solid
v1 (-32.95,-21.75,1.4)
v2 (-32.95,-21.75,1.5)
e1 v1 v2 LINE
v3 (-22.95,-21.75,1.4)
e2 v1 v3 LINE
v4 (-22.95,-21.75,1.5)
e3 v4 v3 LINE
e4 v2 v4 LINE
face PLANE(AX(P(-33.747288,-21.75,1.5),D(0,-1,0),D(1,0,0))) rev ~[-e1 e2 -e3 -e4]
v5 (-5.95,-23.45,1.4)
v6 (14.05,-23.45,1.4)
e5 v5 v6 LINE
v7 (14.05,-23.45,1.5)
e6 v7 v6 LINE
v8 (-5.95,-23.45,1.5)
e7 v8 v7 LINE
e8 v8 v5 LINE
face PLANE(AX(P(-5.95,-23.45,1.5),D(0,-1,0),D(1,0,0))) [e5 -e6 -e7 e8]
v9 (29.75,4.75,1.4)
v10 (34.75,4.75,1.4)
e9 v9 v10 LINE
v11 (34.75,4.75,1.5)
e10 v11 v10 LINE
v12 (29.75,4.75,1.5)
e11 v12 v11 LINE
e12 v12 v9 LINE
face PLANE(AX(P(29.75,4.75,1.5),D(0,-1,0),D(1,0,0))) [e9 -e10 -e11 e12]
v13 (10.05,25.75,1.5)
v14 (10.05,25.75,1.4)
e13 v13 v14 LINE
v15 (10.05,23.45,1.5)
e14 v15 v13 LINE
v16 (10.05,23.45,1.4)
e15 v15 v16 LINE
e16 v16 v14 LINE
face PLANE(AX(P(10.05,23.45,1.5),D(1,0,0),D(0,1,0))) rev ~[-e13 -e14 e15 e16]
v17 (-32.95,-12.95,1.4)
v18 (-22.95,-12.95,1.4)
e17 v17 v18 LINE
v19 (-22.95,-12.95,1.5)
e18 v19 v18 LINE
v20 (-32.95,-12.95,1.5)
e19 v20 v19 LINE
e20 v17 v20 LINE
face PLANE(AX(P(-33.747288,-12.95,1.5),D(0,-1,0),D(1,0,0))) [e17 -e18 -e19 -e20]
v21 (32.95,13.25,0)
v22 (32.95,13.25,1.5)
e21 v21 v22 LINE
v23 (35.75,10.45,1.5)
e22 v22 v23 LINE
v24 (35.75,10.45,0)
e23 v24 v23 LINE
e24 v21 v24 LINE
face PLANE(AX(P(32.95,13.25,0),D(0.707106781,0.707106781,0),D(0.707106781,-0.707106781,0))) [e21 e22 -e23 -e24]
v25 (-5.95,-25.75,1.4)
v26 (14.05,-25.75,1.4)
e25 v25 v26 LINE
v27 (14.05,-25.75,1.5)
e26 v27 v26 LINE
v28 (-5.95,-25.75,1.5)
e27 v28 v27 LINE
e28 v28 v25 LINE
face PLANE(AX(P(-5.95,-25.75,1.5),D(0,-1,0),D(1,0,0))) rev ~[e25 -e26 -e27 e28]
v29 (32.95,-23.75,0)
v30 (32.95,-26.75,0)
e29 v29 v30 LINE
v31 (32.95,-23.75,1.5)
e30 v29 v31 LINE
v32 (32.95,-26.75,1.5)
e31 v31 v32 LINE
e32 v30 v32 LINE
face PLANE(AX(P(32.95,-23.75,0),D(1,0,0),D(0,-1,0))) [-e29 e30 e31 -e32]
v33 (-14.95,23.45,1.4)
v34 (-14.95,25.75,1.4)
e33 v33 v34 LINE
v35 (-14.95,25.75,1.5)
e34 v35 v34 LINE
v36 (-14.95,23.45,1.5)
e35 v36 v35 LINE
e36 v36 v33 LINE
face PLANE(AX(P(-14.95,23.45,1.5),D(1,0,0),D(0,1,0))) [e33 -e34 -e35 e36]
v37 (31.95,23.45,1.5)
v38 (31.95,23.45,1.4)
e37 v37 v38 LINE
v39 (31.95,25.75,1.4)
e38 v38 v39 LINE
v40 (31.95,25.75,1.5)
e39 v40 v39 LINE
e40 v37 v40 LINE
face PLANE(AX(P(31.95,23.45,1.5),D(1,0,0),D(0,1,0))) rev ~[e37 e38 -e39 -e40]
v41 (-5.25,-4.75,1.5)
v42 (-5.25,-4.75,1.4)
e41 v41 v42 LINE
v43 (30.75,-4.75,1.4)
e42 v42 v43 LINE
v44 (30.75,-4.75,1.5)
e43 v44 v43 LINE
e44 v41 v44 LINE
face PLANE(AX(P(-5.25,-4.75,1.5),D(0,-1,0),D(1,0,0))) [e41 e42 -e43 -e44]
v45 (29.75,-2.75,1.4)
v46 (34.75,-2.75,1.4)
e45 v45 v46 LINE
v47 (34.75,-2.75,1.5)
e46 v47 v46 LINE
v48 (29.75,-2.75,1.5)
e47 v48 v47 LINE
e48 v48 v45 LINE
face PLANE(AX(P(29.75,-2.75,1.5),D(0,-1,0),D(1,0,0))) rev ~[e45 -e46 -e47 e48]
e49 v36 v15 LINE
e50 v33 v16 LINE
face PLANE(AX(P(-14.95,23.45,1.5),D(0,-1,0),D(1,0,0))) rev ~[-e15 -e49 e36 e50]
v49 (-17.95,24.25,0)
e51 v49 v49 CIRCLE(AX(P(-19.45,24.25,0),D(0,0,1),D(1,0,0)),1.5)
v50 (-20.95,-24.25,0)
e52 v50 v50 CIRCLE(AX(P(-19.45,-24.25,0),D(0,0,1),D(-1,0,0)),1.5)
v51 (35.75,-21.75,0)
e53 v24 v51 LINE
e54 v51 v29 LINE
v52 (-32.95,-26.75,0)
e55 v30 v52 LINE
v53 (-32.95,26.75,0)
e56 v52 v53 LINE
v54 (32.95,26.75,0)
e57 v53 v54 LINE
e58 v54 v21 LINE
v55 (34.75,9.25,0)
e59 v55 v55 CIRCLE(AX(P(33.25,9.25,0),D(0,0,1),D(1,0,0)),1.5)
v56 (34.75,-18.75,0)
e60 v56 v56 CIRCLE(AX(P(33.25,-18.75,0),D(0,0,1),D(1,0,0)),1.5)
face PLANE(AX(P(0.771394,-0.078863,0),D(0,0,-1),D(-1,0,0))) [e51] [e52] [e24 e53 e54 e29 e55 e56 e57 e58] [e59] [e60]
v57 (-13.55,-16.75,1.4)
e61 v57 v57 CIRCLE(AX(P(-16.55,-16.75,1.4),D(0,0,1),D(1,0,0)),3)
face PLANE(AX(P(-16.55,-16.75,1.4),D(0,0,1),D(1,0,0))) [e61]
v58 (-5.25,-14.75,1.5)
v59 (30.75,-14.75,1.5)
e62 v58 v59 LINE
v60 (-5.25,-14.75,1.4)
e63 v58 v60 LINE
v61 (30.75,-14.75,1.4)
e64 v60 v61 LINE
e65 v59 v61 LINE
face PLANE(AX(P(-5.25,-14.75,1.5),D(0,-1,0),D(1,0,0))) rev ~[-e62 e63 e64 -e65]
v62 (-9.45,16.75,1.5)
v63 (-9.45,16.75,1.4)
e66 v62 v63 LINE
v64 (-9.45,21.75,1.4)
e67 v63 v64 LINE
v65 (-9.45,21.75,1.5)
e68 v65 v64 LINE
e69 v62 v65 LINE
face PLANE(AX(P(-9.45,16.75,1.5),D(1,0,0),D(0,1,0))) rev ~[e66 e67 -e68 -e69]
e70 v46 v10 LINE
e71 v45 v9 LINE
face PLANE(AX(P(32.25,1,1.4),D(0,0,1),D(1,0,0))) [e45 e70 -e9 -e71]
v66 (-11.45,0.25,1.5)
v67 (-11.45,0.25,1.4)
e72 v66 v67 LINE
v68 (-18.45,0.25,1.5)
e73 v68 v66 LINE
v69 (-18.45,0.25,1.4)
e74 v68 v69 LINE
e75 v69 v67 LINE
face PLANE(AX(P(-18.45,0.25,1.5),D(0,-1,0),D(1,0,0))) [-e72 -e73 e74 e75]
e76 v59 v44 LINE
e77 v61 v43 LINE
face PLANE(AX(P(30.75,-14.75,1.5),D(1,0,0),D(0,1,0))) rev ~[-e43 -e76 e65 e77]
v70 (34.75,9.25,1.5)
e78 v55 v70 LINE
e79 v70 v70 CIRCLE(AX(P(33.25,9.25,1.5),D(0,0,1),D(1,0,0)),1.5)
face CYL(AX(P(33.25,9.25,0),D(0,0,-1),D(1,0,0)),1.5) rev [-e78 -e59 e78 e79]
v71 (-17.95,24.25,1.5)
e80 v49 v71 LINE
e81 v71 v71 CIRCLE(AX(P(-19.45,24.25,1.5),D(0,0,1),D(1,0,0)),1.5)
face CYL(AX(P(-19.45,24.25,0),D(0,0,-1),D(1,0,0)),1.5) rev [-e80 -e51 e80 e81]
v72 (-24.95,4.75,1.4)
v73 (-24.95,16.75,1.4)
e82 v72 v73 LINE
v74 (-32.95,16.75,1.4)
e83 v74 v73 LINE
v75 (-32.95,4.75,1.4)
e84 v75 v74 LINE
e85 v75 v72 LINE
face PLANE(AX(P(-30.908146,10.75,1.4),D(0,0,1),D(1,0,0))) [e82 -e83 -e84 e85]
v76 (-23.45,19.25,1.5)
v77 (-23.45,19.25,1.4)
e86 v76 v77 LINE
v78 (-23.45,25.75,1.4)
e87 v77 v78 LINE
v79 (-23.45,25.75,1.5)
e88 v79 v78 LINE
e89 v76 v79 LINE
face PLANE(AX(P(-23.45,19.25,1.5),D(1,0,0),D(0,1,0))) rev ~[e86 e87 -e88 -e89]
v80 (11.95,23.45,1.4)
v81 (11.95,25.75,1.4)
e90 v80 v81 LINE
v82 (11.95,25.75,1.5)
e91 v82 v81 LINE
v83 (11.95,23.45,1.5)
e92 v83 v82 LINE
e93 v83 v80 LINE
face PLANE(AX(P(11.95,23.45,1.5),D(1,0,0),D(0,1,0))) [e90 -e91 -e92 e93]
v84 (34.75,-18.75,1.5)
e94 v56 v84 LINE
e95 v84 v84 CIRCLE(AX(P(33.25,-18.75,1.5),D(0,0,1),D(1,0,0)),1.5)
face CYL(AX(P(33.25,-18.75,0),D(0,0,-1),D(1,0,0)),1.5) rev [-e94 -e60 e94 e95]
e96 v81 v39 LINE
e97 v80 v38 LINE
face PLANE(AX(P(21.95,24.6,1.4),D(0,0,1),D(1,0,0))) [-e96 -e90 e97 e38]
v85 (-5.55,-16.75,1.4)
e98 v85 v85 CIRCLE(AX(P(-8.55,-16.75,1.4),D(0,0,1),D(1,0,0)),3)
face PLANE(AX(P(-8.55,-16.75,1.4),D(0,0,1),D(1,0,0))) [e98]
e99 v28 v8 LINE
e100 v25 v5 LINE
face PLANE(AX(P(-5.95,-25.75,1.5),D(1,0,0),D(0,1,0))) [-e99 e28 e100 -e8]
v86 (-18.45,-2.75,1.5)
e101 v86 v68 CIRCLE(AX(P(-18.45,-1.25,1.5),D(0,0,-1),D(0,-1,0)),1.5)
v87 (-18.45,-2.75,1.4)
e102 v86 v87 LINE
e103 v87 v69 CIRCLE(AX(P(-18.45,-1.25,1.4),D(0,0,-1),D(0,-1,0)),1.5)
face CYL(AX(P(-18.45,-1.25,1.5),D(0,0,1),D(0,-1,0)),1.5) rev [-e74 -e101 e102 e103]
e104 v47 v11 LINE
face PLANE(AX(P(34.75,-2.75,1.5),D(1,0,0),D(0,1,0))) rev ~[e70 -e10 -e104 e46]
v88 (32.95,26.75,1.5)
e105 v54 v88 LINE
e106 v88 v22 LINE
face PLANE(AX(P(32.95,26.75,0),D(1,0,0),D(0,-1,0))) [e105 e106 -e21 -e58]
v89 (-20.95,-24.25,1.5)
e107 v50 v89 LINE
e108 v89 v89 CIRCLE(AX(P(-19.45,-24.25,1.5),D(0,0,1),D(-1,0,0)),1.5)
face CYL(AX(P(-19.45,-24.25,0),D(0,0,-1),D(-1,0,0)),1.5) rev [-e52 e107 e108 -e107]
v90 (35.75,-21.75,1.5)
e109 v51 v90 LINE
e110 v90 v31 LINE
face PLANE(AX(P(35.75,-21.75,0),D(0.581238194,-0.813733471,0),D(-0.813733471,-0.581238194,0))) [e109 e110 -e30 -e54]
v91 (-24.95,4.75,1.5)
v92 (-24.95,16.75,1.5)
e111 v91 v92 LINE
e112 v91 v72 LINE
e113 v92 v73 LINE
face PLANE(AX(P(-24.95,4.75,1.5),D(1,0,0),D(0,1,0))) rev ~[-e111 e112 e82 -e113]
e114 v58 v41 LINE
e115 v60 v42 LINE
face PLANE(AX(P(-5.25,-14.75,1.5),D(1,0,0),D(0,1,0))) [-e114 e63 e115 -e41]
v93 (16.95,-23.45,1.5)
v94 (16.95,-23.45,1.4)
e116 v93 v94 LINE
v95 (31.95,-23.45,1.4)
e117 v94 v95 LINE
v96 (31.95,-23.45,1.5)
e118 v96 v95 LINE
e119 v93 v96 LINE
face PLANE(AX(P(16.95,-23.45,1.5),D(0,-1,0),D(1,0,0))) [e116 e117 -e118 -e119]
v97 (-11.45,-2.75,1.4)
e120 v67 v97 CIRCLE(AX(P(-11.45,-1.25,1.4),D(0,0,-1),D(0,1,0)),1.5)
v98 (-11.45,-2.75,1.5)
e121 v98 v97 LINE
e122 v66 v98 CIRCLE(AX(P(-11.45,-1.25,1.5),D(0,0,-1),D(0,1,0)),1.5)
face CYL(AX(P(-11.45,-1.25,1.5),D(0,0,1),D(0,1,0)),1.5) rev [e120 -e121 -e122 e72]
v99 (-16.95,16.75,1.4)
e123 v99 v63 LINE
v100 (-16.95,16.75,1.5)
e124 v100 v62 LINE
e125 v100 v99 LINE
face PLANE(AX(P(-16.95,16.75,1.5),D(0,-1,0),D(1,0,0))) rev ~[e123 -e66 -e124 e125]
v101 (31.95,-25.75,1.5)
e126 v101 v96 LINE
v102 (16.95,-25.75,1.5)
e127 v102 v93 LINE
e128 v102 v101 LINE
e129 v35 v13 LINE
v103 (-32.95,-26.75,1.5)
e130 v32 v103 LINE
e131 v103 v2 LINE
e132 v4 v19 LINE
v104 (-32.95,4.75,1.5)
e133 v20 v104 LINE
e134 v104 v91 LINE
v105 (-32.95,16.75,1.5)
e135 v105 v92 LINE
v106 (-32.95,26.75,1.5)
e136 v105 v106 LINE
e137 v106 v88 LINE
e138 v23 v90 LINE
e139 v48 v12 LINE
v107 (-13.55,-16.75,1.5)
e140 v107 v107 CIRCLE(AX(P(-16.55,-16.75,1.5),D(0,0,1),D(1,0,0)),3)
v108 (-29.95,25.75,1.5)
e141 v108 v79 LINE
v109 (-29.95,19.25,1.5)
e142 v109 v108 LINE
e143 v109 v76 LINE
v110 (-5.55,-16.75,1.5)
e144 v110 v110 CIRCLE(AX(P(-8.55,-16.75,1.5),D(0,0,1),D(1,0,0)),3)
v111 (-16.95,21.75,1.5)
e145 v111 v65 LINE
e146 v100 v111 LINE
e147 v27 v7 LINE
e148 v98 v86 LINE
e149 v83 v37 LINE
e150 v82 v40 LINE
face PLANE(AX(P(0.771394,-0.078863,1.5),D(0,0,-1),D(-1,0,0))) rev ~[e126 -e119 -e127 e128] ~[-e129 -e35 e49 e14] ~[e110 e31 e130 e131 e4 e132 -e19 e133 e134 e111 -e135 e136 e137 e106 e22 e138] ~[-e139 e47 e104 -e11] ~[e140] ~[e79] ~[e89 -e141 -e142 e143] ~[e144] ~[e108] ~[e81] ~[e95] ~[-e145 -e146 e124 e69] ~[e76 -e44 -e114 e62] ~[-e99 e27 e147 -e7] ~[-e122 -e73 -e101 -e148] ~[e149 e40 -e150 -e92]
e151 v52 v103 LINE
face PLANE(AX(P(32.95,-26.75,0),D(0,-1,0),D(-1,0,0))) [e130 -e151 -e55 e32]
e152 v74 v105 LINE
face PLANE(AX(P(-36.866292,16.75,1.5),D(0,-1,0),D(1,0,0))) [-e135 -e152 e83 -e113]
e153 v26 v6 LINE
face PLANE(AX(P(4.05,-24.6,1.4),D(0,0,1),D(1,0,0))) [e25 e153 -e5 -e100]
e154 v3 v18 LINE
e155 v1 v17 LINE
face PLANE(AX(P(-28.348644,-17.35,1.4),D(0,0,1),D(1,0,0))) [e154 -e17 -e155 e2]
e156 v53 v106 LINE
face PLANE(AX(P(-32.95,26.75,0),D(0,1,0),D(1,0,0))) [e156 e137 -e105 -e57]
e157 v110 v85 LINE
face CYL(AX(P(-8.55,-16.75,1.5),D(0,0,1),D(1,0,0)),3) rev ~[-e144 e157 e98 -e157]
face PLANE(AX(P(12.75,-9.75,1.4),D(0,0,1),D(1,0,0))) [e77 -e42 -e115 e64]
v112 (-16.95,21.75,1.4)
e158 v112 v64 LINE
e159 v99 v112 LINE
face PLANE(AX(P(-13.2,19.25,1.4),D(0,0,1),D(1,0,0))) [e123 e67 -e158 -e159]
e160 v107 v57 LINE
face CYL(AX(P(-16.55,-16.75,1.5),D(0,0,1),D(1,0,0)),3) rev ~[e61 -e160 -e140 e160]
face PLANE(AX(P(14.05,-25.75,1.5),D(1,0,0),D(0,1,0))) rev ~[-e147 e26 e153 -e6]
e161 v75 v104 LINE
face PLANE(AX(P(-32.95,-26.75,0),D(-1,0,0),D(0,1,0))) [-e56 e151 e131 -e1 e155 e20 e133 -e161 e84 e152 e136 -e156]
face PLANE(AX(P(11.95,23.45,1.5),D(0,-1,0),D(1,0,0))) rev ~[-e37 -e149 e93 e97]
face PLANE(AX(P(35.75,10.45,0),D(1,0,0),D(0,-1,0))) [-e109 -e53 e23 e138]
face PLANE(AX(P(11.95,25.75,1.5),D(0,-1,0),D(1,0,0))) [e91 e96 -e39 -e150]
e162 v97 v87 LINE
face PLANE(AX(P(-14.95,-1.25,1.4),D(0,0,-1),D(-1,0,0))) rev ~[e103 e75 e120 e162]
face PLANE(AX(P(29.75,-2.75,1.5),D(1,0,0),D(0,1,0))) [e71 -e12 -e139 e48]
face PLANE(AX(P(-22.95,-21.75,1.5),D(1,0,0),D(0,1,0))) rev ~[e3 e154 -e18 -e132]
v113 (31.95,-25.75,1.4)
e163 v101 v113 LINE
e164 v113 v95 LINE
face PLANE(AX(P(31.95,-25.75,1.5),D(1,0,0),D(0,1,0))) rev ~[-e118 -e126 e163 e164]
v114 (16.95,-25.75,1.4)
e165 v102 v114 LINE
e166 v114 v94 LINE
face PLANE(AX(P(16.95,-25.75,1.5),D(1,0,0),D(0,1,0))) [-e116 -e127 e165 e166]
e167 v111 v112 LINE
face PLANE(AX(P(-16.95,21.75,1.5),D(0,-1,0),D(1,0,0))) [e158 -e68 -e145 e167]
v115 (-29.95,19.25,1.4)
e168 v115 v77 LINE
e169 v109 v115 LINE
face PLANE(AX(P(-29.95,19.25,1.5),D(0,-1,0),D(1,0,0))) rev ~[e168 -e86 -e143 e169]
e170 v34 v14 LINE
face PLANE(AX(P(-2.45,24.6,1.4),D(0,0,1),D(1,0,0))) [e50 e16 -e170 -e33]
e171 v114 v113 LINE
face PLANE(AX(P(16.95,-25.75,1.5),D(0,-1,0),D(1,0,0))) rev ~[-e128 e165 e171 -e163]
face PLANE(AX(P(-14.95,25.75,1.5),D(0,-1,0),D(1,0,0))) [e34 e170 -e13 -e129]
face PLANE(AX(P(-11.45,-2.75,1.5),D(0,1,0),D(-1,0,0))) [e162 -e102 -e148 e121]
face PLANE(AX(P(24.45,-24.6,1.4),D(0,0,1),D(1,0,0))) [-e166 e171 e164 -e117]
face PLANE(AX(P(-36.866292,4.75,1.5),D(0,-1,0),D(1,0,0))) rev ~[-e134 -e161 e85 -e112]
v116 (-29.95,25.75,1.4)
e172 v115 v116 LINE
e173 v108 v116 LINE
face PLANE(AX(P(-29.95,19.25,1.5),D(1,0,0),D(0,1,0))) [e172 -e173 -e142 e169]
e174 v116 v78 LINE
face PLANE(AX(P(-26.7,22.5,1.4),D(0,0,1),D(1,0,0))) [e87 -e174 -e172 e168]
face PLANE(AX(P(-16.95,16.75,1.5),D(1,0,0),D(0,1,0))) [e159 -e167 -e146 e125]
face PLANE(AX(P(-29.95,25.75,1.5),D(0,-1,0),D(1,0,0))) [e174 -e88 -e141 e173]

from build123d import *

# Parameters (mm, degrees)
ESQUISSE1_R             = 1.5
BOSS_EXTRU_1_DEPTH      = 1.5
ESQUISSE2_R             = 3
ESQUISSE2_W             = 6.5
ESQUISSE2_H             = 6.5
ESQUISSE2_W_2           = 36
ESQUISSE2_H_2           = 10
ESQUISSE2_W_3           = 5
ESQUISSE2_H_3           = 7.5
ESQUISSE2_W_4           = 20
ESQUISSE2_H_4           = 2.3
ESQUISSE2_W_5           = 15
ESQUISSE2_W_6           = 10.797288279
ESQUISSE2_H_5           = 8.8
ESQUISSE2_W_7           = 11.916291933
ESQUISSE2_H_6           = 12
ESQUISSE2_W_8           = 25
ESQUISSE2_W_9           = 7.5
ESQUISSE2_H_7           = 5
ENL_V_MAT_EXTRU_1_DEPTH = 0.1


with BuildPart() as part:
    # Esquisse1 → Boss.-Extru.1 (new body)
    with BuildSketch(Plane.XY):
        Polygon((35.75, 10.45), (35.75, -21.75), (32.95, -23.75), (32.95, -26.75), (-32.95, -26.75), (-32.95, 26.75), (32.95, 26.75), (32.95, 13.25), align=None)
        with Locations((33.25, 9.25)):
            Circle(ESQUISSE1_R, mode=Mode.SUBTRACT)
        with Locations((33.25, -18.75)):
            Circle(ESQUISSE1_R, mode=Mode.SUBTRACT)
        with Locations((-19.45, 24.25)):
            Circle(ESQUISSE1_R, mode=Mode.SUBTRACT)
        with Locations(Location((-19.45, -24.25, 0), (0, 0, 180))):
            Circle(ESQUISSE1_R, mode=Mode.SUBTRACT)
    extrude(amount=BOSS_EXTRU_1_DEPTH)

    # Esquisse2 → Enlèv. mat.-Extru.1 (cut)
    with BuildSketch(Plane.XY.offset(1.5)):
        with Locations((-16.55, -16.75)):
            Circle(ESQUISSE2_R)
        with Locations((-8.55, -16.75)):
            Circle(ESQUISSE2_R)
        with Locations((-26.7, 22.5)):
            Rectangle(ESQUISSE2_W, ESQUISSE2_H)
        with BuildLine():
            Line((-18.45, 0.25), (-11.45, 0.25))
            ThreePointArc((-11.45, 0.25), (-9.95, -1.25), (-11.45, -2.75))
            Line((-11.45, -2.75), (-18.45, -2.75))
            ThreePointArc((-18.45, -2.75), (-19.95, -1.25), (-18.45, 0.25))
        make_face()
        with Locations((12.75, -9.75)):
            Rectangle(ESQUISSE2_W_2, ESQUISSE2_H_2)
        with Locations((32.25, 1)):
            Rectangle(ESQUISSE2_W_3, ESQUISSE2_H_3)
        with Locations((4.05, -24.6)):
            Rectangle(ESQUISSE2_W_4, ESQUISSE2_H_4)
        with Locations((24.45, -24.6)):
            Rectangle(ESQUISSE2_W_5, ESQUISSE2_H_4)
        with Locations((-28.34864414, -17.35)):
            Rectangle(ESQUISSE2_W_6, ESQUISSE2_H_5)
        with Locations((-30.908145967, 10.75)):
            Rectangle(ESQUISSE2_W_7, ESQUISSE2_H_6)
        with Locations((-2.45, 24.6)):
            Rectangle(ESQUISSE2_W_8, ESQUISSE2_H_4)
        with Locations((21.95, 24.6)):
            Rectangle(ESQUISSE2_W_4, ESQUISSE2_H_4)
        with Locations((-13.2, 19.25)):
            Rectangle(ESQUISSE2_W_9, ESQUISSE2_H_7)
    extrude(amount=-ENL_V_MAT_EXTRU_1_DEPTH, mode=Mode.SUBTRACT)


solid = part.part
